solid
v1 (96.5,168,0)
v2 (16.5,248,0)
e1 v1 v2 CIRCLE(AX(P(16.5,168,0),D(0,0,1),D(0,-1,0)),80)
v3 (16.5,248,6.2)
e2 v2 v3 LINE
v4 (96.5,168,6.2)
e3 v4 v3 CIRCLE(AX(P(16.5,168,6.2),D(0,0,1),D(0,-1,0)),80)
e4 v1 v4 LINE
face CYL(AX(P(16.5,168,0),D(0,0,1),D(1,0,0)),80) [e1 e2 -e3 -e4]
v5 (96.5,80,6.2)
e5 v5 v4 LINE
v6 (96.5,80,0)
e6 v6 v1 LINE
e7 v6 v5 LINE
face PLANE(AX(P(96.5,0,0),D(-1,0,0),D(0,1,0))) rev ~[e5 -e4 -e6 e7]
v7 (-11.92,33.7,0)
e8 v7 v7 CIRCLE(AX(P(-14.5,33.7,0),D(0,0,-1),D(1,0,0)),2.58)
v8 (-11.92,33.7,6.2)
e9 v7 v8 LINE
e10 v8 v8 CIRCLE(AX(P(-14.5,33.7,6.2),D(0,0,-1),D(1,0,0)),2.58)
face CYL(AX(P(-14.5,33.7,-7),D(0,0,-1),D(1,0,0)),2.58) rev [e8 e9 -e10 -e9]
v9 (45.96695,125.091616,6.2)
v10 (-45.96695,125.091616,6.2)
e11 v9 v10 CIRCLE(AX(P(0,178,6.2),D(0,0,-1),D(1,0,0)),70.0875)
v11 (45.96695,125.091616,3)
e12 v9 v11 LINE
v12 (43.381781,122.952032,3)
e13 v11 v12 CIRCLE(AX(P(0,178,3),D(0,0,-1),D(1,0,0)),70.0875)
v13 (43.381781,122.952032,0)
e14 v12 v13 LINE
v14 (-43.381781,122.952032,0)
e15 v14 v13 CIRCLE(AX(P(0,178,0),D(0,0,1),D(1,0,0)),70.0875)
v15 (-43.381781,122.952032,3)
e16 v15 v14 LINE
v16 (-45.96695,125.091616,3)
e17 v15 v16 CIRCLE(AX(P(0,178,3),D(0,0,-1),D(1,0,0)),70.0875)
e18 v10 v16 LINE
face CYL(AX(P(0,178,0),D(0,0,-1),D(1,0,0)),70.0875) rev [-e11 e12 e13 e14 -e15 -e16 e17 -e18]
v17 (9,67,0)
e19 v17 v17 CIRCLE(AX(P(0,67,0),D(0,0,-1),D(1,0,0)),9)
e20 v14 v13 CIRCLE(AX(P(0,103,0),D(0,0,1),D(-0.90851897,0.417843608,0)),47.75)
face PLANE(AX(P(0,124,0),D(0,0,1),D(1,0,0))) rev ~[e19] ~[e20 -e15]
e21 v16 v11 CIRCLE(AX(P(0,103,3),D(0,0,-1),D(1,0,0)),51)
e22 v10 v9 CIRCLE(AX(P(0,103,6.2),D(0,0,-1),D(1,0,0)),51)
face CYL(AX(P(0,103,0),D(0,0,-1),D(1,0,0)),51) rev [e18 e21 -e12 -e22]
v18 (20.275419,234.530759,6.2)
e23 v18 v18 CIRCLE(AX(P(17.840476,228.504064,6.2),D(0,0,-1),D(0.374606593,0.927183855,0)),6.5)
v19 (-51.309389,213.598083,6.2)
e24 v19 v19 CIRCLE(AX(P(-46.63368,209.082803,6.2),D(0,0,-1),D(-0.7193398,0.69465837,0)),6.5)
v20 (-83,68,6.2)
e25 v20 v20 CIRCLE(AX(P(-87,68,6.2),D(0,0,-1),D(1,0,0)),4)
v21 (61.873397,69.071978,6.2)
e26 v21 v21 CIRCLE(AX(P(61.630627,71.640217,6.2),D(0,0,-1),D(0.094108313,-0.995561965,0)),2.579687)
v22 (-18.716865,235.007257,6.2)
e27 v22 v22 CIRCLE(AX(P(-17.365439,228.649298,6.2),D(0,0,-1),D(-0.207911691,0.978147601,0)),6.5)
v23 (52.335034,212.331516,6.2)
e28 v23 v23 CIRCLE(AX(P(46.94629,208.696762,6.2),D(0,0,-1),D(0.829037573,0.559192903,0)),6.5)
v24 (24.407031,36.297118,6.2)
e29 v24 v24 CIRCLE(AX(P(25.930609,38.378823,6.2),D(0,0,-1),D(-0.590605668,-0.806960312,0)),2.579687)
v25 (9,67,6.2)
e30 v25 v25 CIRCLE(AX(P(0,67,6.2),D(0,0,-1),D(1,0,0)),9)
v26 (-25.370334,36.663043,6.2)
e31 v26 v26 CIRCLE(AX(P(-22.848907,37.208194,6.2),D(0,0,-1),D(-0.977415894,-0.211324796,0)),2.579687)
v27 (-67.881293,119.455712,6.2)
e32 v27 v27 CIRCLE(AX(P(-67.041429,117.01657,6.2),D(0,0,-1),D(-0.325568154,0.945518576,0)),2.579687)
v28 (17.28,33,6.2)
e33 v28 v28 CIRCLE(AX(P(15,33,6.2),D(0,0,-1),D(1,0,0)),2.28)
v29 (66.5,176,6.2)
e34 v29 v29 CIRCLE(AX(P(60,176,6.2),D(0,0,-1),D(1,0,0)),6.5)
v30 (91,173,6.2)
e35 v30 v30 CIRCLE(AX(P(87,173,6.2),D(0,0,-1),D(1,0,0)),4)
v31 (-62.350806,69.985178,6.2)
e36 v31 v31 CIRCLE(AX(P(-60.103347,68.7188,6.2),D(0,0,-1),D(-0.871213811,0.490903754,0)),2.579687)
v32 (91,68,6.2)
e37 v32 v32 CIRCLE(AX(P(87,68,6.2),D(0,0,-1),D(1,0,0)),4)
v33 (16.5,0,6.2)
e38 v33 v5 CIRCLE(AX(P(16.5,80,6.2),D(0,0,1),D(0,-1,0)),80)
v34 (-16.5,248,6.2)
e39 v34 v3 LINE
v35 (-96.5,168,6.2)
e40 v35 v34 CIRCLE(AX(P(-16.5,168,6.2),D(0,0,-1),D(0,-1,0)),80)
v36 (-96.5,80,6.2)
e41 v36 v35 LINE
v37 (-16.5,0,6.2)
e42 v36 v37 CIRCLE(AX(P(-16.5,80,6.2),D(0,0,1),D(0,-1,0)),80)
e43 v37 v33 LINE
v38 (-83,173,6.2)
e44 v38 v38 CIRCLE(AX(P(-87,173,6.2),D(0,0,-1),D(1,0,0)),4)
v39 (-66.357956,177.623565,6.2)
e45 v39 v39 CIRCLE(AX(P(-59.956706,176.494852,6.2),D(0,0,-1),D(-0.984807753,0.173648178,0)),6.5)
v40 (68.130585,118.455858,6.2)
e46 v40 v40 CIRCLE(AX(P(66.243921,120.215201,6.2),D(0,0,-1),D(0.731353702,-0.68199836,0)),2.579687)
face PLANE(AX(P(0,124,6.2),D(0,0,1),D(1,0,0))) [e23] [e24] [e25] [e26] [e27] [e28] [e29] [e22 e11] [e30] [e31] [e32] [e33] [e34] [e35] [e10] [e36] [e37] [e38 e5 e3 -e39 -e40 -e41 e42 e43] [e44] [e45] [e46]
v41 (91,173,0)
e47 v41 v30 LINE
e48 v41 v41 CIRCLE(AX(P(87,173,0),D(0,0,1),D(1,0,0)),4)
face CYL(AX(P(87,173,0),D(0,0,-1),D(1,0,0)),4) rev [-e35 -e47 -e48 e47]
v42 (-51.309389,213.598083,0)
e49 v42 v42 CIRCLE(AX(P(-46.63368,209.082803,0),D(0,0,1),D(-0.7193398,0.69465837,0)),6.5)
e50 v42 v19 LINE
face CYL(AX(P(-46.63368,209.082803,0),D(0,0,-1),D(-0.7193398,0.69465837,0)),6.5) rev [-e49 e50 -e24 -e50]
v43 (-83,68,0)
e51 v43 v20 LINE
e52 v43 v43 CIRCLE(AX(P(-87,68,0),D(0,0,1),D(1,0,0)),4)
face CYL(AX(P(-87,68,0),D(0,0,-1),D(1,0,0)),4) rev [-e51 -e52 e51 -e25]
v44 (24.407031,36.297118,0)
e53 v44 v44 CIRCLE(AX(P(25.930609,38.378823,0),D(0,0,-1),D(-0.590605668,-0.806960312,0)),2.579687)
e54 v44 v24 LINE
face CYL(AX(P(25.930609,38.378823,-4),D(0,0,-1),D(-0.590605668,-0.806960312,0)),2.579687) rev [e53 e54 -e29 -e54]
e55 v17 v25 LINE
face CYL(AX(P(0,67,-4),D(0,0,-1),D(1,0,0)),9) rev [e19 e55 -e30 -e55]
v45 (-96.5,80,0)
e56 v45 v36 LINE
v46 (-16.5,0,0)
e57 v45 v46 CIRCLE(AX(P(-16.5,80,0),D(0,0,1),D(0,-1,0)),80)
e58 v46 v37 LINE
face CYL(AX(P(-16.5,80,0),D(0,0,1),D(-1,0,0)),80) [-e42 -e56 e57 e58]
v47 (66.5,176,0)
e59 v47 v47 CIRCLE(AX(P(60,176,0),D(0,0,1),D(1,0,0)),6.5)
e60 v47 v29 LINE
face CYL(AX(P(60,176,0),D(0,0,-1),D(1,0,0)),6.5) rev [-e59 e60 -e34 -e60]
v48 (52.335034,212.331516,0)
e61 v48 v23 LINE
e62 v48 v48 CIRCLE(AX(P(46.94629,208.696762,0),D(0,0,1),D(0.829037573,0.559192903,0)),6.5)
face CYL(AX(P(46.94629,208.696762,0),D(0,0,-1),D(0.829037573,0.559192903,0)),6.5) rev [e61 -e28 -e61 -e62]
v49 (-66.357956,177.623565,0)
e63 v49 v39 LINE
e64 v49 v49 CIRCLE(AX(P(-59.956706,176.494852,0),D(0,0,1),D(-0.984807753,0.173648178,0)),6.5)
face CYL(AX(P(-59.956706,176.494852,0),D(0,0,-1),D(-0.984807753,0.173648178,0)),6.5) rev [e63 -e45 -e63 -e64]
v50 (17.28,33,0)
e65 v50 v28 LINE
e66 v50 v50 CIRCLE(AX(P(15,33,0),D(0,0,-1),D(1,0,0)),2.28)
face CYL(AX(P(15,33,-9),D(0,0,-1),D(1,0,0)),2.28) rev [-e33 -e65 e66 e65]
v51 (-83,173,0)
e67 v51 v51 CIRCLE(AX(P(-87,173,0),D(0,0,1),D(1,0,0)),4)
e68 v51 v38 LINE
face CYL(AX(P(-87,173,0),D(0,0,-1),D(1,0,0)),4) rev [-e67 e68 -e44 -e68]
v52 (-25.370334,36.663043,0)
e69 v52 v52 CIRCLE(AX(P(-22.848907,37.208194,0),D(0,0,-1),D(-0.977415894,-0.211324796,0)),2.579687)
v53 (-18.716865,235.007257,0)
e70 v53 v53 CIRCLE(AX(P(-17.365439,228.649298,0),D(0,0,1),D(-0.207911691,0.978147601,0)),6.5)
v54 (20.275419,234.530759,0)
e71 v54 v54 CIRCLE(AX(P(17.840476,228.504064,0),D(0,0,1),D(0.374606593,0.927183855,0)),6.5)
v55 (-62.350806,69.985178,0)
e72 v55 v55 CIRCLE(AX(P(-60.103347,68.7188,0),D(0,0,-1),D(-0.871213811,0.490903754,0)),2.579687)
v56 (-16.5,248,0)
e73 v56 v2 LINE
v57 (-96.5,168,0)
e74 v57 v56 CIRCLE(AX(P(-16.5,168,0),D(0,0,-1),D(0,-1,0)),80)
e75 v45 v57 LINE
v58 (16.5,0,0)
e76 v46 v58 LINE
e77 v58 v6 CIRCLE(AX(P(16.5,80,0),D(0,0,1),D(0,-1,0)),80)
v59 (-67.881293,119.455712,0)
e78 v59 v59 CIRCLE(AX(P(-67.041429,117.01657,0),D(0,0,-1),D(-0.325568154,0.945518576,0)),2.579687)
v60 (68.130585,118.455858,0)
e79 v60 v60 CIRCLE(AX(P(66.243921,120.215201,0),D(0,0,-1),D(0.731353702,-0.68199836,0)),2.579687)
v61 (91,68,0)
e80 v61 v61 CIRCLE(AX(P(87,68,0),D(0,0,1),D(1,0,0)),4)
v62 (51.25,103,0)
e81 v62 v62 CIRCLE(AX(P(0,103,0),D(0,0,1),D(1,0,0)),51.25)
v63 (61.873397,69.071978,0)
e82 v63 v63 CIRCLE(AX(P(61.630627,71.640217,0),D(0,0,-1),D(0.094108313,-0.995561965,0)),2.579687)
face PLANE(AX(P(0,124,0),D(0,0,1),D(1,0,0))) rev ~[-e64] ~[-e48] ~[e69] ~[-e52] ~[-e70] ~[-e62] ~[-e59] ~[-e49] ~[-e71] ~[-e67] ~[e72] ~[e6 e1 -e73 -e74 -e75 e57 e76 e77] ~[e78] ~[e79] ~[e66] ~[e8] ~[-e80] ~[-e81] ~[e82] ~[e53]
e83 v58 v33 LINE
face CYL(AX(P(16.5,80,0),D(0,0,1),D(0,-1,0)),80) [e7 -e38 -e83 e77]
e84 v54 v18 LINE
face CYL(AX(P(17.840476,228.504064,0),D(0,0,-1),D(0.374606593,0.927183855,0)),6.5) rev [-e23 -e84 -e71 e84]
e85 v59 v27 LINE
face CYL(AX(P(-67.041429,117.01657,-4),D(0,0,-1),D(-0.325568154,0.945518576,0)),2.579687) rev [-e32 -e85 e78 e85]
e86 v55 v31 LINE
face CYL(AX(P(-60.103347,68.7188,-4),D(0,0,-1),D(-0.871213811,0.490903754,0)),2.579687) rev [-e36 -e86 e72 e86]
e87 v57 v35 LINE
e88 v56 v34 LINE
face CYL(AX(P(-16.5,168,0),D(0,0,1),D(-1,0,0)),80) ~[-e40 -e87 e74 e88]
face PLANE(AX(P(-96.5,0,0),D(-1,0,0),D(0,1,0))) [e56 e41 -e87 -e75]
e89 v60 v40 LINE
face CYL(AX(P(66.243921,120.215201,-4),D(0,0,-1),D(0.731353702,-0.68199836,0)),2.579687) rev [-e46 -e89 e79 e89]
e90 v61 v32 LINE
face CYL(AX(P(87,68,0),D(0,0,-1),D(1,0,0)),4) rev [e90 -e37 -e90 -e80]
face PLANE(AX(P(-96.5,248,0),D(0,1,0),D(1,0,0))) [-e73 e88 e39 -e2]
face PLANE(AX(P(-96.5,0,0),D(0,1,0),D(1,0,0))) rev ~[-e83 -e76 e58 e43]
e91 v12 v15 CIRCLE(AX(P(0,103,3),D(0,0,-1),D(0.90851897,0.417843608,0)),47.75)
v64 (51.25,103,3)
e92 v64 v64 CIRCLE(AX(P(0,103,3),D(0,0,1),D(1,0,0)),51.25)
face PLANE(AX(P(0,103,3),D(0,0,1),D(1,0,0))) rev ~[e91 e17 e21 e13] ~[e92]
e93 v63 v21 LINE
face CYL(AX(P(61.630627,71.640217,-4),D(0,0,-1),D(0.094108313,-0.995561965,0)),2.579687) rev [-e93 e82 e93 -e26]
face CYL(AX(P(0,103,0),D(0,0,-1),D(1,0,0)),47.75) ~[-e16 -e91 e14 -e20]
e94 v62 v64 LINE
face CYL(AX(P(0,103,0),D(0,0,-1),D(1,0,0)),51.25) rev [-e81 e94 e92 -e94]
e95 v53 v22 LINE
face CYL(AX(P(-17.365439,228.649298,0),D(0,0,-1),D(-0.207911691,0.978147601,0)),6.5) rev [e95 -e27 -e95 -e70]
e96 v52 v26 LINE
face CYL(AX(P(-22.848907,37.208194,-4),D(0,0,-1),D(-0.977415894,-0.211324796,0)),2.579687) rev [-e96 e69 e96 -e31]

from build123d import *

# Parameters (mm, degrees)
CYLINDER170_R         = 6.5
CYLINDER170_DEPTH     = 10
ARRAY001_COUNT        = 6
ARRAY001_ANGLE        = 170
CYLINDER012_R         = 2.579687
CYLINDER012_DEPTH     = 19.5
ARRAY_COUNT           = 6
ARRAY_ANGLE           = 208
ARRAY_PLACEMENT_ANGLE = 109
CYLINDER052_R         = 47.75
CYLINDER052_DEPTH     = 3
CYLINDER051_R         = 51.25
CYLINDER051_DEPTH     = 3
CYLINDER164_R         = 2.28
CYLINDER164_DEPTH     = 29
CYLINDER163_R         = 2.58
CYLINDER163_DEPTH     = 29
CYLINDER159_R         = 9
CYLINDER159_DEPTH     = 21
CYLINDER165_R         = 4
CYLINDER165_DEPTH     = 10
CYLINDER166_R         = 4
CYLINDER166_DEPTH     = 10
CYLINDER167_R         = 4
CYLINDER167_DEPTH     = 10
CYLINDER168_R         = 4
CYLINDER168_DEPTH     = 10
CYLINDER005_R         = 51
CYLINDER005_DEPTH     = 20
CYLINDER004_R         = 70.0875
CYLINDER004_DEPTH     = 20
BOX_W                 = 193
BOX_H                 = 248
BOX_DEPTH             = 6.2
FILLET_R              = 80


with BuildPart() as array001:
    # Cylinder170 → Cylinder170 (new body)
    with BuildSketch(Plane(origin=(60, 181, 0), x_dir=(1, 0, 0), z_dir=(0, 0, 1))):
        Circle(CYLINDER170_R)
    extrude(amount=CYLINDER170_DEPTH)

    # Array001: Array001 ×6 about axis
    array001_axis = Axis((0, 176, 0), (0, 0, 1))


with BuildPart() as array001_1:
    add(array001.part)
    for i in range(1, ARRAY001_COUNT):
        add(array001.part.rotate(array001_axis, i * ARRAY001_ANGLE / (ARRAY001_COUNT - 1)))


with BuildPart() as array001_2:
    # Array001 placement: moved
    add(array001_1.part.moved(Location((0, -5, 0))))


with BuildPart() as turbomounts:
    # Cylinder012 → Cylinder012 (new body)
    with BuildSketch(Plane(origin=(36.025, 58.5, -4), x_dir=(1, 0, 0), z_dir=(0, 0, 1))):
        Circle(CYLINDER012_R)
    extrude(amount=CYLINDER012_DEPTH)

    # Array: TurboMounts ×6 about axis
    array_axis = Axis((0, 0, 0), (0, 0, 1))


with BuildPart() as turbomounts_1:
    add(turbomounts.part)
    for i in range(1, ARRAY_COUNT):
        add(turbomounts.part.rotate(array_axis, i * ARRAY_ANGLE / (ARRAY_COUNT - 1)))


with BuildPart() as turbomounts_2:
    # Array placement: moved
    add(turbomounts_1.part.moved(Location((0, 102, 0))).rotate(Axis((0, 102, 0), (0, 0, 1)), ARRAY_PLACEMENT_ANGLE))


with BuildPart() as flange002:
    # Cylinder052 → Cylinder052 (new body)
    with BuildSketch(Plane(origin=(0, 68, 0), x_dir=(1, 0, 0), z_dir=(0, 0, 1))):
        Circle(CYLINDER052_R)
    extrude(amount=CYLINDER052_DEPTH)


with BuildPart() as centeringringgroove:
    # Cylinder051 → Cylinder051 (new body)
    with BuildSketch(Plane(origin=(0, 68, 0), x_dir=(1, 0, 0), z_dir=(0, 0, 1))):
        Circle(CYLINDER051_R)
    extrude(amount=CYLINDER051_DEPTH)

    # Cut001: cut Flange002
    add(flange002.part, mode=Mode.SUBTRACT)


with BuildPart() as centeringringgroove_1:
    # Cut001 placement: moved
    add(centeringringgroove.part.moved(Location((0, 35, 0))))


with BuildPart() as cylinder016:
    # Cylinder164 → Cylinder164 (new body)
    with BuildSketch(Plane(origin=(15, 33, -9), x_dir=(1, 0, 0), z_dir=(0, 0, 1))):
        Circle(CYLINDER164_R)
    extrude(amount=CYLINDER164_DEPTH)


with BuildPart() as cylinder015:
    # Cylinder163 → Cylinder163 (new body)
    with BuildSketch(Plane(origin=(-14.5, 33.7, -7), x_dir=(1, 0, 0), z_dir=(0, 0, 1))):
        Circle(CYLINDER163_R)
    extrude(amount=CYLINDER163_DEPTH)


with BuildPart() as cylinder011:
    # Cylinder159 → Cylinder159 (new body)
    with BuildSketch(Plane(origin=(0, 67, -4), x_dir=(1, 0, 0), z_dir=(0, 0, 1))):
        Circle(CYLINDER159_R)
    extrude(amount=CYLINDER159_DEPTH)


with BuildPart() as cylinder017:
    # Cylinder165 → Cylinder165 (new body)
    with BuildSketch(Plane(origin=(-87, 173, 0), x_dir=(1, 0, 0), z_dir=(0, 0, 1))):
        Circle(CYLINDER165_R)
    extrude(amount=CYLINDER165_DEPTH)


with BuildPart() as cylinder018:
    # Cylinder166 → Cylinder166 (new body)
    with BuildSketch(Plane(origin=(87, 68, 0), x_dir=(1, 0, 0), z_dir=(0, 0, 1))):
        Circle(CYLINDER166_R)
    extrude(amount=CYLINDER166_DEPTH)


with BuildPart() as cylinder019:
    # Cylinder167 → Cylinder167 (new body)
    with BuildSketch(Plane(origin=(-87, 68, 0), x_dir=(1, 0, 0), z_dir=(0, 0, 1))):
        Circle(CYLINDER167_R)
    extrude(amount=CYLINDER167_DEPTH)


with BuildPart() as cylinder020:
    # Cylinder168 → Cylinder168 (new body)
    with BuildSketch(Plane(origin=(87, 173, 0), x_dir=(1, 0, 0), z_dir=(0, 0, 1))):
        Circle(CYLINDER168_R)
    extrude(amount=CYLINDER168_DEPTH)


with BuildPart() as cylinder005:
    # Cylinder005 → Cylinder005 (new body)
    with BuildSketch(Plane(origin=(0, 74, 0), x_dir=(1, 0, 0), z_dir=(0, 0, 1))):
        Circle(CYLINDER005_R)
    extrude(amount=CYLINDER005_DEPTH)


with BuildPart() as fusion001:
    # Cylinder004 → Cylinder004 (new body)
    with BuildSketch(Plane(origin=(0, 149, 0), x_dir=(1, 0, 0), z_dir=(0, 0, 1))):
        Circle(CYLINDER004_R)
    extrude(amount=CYLINDER004_DEPTH)

    # Common: intersect Cylinder005
    add(cylinder005.part, mode=Mode.INTERSECT)


with BuildPart() as fusion001_1:
    # Common placement: moved
    add(fusion001.part.moved(Location((0, 29, 0))))

    # Fusion: union TurboMounts, CenteringRingGroove, Cylinder016, Cylinder015, Cylinder011, Cylinder017, Cylinder018, Cylinder019, Cylinder020
    add(turbomounts_2.part)
    add(centeringringgroove_1.part)
    add(cylinder016.part)
    add(cylinder015.part)
    add(cylinder011.part)
    add(cylinder017.part)
    add(cylinder018.part)
    add(cylinder019.part)
    add(cylinder020.part)

    # Fusion001: union Array001
    add(array001_2.part)


with BuildPart() as cut021:
    # Box → Box (new body)
    with BuildSketch(Plane(origin=(-96.5, 0, 0), x_dir=(1, 0, 0), z_dir=(0, 0, 1))):
        with Locations((96.5, 124)):
            Rectangle(BOX_W, BOX_H)
    extrude(amount=BOX_DEPTH)

    # Fillet
    fillet_edges = [cut021.edges().sort_by_distance(p)[0] for p in [
        (-96.5, 0, 3.1),
        (-96.5, 248, 3.1),
        (96.5, 0, 3.1),
        (96.5, 248, 3.1),
    ]]
    fillet(fillet_edges, radius=FILLET_R)

    # Cut021: cut Fusion001
    add(fusion001_1.part, mode=Mode.SUBTRACT)


solid = cut021.part
